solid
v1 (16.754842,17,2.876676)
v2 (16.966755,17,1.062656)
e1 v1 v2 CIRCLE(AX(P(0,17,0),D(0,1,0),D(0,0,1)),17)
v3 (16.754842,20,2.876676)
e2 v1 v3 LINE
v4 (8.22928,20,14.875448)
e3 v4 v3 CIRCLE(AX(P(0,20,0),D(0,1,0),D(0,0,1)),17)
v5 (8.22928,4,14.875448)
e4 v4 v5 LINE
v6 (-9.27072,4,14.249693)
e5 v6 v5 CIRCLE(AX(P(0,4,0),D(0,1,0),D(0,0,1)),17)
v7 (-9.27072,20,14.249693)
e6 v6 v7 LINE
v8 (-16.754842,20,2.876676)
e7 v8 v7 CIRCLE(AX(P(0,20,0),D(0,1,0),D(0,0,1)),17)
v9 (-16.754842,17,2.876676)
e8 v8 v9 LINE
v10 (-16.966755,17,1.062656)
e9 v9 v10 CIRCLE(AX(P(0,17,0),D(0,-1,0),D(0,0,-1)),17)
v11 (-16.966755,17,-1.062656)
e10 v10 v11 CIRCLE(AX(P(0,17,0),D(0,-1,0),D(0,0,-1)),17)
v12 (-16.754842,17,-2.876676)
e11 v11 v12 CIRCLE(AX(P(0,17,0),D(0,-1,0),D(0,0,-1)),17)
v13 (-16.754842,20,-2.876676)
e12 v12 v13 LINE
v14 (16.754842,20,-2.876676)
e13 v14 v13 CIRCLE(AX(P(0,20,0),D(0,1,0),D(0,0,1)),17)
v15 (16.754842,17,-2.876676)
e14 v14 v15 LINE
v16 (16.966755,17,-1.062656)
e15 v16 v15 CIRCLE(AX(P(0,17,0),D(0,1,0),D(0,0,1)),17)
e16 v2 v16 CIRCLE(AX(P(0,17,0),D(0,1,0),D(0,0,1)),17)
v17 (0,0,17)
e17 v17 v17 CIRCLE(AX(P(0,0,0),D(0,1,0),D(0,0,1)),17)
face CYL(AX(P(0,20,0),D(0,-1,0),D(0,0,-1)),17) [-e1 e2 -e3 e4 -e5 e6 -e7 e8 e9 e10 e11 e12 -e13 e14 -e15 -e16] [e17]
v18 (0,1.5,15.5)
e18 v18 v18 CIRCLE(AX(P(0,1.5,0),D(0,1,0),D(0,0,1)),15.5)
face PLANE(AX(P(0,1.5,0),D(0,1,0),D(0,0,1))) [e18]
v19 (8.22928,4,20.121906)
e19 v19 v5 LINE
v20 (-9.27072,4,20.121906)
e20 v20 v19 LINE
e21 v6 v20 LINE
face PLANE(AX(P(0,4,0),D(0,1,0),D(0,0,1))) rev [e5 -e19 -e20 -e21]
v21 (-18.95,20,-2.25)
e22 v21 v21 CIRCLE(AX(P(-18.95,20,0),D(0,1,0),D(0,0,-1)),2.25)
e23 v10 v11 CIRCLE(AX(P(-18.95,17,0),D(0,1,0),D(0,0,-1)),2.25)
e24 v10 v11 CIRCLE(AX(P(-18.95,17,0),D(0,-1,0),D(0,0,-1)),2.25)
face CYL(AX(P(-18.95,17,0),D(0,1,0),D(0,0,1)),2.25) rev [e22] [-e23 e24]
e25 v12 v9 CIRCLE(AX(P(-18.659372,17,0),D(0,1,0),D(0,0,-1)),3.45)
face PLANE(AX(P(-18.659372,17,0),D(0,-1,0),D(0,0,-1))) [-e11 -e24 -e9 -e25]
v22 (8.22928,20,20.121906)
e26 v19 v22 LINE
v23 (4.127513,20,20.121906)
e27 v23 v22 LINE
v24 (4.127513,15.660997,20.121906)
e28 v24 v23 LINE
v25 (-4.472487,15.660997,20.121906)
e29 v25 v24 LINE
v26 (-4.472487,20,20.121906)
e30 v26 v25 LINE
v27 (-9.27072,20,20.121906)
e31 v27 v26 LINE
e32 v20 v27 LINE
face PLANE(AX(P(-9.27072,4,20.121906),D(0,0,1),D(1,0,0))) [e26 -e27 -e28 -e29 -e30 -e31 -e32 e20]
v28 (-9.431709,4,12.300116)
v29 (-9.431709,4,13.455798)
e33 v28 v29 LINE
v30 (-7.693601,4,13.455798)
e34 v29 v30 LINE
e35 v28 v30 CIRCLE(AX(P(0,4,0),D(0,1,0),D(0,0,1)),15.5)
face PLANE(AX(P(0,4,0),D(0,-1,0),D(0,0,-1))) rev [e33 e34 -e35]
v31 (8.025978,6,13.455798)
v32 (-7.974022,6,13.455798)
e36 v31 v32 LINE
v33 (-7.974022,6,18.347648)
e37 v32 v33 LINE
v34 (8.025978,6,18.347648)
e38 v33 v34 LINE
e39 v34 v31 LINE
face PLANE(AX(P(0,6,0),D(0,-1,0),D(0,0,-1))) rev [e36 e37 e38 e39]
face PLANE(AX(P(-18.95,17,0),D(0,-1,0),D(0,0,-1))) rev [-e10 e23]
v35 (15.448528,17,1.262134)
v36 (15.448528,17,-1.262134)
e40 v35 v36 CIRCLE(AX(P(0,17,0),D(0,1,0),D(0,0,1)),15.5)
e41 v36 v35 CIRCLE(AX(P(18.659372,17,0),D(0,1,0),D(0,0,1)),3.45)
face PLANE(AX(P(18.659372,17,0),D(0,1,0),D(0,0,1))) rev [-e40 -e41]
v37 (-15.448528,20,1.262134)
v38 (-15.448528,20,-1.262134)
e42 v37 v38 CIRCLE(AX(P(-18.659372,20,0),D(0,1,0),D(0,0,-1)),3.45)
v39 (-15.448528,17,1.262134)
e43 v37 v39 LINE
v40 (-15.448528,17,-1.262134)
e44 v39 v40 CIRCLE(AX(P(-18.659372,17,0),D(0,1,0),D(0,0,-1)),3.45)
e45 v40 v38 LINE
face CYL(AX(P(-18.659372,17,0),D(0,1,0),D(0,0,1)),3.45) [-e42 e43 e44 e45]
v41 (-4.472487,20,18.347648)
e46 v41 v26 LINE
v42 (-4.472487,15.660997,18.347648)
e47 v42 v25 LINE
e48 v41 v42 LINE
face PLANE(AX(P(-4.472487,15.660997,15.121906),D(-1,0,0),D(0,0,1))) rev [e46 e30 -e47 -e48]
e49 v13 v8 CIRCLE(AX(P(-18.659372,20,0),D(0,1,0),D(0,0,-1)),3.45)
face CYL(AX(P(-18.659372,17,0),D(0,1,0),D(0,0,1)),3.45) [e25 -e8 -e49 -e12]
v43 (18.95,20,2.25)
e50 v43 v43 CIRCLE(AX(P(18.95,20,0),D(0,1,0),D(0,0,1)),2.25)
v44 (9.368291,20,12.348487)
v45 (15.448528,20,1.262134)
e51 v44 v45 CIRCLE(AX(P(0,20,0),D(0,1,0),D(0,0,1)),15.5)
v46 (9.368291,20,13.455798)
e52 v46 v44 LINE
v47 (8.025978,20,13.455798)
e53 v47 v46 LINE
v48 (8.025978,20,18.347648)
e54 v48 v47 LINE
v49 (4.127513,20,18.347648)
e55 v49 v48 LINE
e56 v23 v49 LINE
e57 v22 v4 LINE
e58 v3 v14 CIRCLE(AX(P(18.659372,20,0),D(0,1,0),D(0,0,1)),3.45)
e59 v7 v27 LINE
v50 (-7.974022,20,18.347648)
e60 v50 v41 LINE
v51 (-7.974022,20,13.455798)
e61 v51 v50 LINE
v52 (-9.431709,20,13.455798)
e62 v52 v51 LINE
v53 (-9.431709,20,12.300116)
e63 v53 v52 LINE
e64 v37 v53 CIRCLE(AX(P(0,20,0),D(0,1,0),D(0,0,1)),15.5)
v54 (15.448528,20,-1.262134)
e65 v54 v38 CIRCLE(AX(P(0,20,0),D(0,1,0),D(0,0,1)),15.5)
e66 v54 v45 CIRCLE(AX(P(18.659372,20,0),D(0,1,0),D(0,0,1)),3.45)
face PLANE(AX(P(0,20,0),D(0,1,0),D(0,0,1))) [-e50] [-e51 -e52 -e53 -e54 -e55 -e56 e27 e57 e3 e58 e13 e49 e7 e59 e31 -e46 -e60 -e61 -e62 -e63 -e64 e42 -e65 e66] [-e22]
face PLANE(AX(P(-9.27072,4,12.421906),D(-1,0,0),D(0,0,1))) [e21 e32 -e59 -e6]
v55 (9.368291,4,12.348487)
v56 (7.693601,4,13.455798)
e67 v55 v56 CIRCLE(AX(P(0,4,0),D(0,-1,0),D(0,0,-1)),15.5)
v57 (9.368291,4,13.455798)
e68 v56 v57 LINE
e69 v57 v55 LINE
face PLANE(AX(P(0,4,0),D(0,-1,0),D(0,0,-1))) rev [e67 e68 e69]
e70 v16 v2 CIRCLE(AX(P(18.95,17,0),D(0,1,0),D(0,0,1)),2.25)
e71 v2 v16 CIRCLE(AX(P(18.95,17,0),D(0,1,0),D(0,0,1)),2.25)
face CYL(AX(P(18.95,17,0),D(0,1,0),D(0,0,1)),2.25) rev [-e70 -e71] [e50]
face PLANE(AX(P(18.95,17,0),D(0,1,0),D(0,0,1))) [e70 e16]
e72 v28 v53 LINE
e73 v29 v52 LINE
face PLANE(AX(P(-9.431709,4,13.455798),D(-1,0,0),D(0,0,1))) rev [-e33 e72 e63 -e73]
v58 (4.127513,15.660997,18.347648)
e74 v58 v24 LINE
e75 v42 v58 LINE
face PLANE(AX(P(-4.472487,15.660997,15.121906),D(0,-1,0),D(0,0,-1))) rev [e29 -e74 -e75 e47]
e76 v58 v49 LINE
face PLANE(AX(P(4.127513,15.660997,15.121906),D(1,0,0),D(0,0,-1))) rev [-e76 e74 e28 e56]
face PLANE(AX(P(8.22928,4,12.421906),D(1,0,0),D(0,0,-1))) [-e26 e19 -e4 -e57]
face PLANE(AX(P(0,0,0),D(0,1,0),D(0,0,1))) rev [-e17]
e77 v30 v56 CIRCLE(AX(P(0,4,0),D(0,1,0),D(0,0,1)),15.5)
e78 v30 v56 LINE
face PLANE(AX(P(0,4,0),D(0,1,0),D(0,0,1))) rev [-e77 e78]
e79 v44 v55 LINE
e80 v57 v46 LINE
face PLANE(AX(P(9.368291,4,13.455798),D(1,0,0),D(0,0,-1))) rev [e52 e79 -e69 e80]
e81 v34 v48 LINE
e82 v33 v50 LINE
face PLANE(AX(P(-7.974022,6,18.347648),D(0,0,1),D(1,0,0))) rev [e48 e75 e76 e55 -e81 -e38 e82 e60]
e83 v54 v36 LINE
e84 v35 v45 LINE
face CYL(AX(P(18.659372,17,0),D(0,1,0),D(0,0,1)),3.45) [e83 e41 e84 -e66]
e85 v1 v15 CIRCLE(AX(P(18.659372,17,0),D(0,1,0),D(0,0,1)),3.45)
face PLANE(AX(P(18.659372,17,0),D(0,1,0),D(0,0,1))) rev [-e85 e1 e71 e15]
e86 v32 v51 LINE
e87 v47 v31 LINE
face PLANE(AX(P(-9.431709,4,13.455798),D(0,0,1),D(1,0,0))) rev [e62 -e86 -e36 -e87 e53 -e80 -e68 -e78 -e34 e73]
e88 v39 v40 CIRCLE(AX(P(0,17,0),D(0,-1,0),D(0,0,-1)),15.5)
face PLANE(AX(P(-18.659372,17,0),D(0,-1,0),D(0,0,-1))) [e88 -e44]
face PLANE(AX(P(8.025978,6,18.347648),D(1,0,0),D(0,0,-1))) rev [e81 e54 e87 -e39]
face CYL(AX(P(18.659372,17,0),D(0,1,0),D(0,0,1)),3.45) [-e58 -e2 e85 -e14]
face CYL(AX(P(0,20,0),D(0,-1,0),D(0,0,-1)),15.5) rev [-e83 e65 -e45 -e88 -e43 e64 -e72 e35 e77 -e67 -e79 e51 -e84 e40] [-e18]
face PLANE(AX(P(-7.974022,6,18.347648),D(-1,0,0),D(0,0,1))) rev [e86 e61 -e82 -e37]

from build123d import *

# Parameters (mm, degrees)
SKETCH1_R           = 17
BOSS_EXTRUDE1_DEPTH = 20
SHELL1_T            = -1.5
SKETCH2_R           = 3.45
BOSS_EXTRUDE3_DEPTH = 3
SKETCH4_R           = 2.25
CUT_EXTRUDE1_DEPTH  = 3
SKETCH5_W           = 17.5
SKETCH5_H           = 7.7
BOSS_EXTRUDE4_DEPTH = 16
SKETCH6_W           = 16
SKETCH6_H           = 8.6
CUT_EXTRUDE2_DEPTH  = 14
SKETCH7_W           = 8.6
SKETCH7_H           = 5.8
CUT_EXTRUDE3_DEPTH  = 5
FILLET4_R           = 1
SKETCH8_W           = 18.8
SKETCH8_H           = 3
CUT_EXTRUDE4_DEPTH  = 16


with BuildPart() as part:
    # Sketch1 → Boss-Extrude1 (new body)
    with BuildSketch(Plane(origin=(0, 0, 0), x_dir=(1, 0, 0), z_dir=(0, 1, 0))):
        with Locations(Location((0, 0, 0), (0, 0, 270))):
            Circle(SKETCH1_R)
    extrude(amount=BOSS_EXTRUDE1_DEPTH)

    # Shell1
    shell1_openings = [part.faces().sort_by_distance(p)[0] for p in [
        (0, 20, 0),
    ]]
    offset(amount=SHELL1_T, openings=shell1_openings, kind=Kind.INTERSECTION)

    # Sketch2 → Boss-Extrude3 (add)
    with BuildSketch(Plane(origin=(0, 20, 0), x_dir=(1, 0, 0), z_dir=(0, 1, 0))):
        with Locations((18.659372003, 0)):
            Circle(SKETCH2_R)
        with Locations((-18.659372003, 0)):
            Circle(SKETCH2_R)
    extrude(amount=-BOSS_EXTRUDE3_DEPTH)

    # Sketch4 → Cut-Extrude1 (cut)
    with BuildSketch(Plane(origin=(0, 20, 0), x_dir=(1, 0, 0), z_dir=(0, 1, 0))):
        with Locations(Location((18.95, 0, 0), (0, 0, 270))):
            Circle(SKETCH4_R)
        with Locations(Location((-18.95, 0, 0), (0, 0, 331.816850826))):
            Circle(SKETCH4_R)
    extrude(amount=-CUT_EXTRUDE1_DEPTH, mode=Mode.SUBTRACT)

    # Sketch5 → Boss-Extrude4 (add)
    with BuildSketch(Plane(origin=(0, 20, 0), x_dir=(1, 0, 0), z_dir=(0, 1, 0))):
        with Locations((-0.520720203, -16.271905929)):
            Rectangle(SKETCH5_W, SKETCH5_H)
    extrude(amount=-BOSS_EXTRUDE4_DEPTH)

    # Sketch6 → Cut-Extrude2 (cut)
    with BuildSketch(Plane(origin=(0, 20, 0), x_dir=(1, 0, 0), z_dir=(0, 1, 0))):
        with Locations((0.025977535, -14.047647825)):
            Rectangle(SKETCH6_W, SKETCH6_H)
    extrude(amount=-CUT_EXTRUDE2_DEPTH, mode=Mode.SUBTRACT)

    # Sketch7 → Cut-Extrude3 (cut)
    with BuildSketch(Plane.XY.offset(20.121905929)):
        with Locations((-0.172487463, 18.560997168)):
            Rectangle(SKETCH7_W, SKETCH7_H)
    extrude(amount=-CUT_EXTRUDE3_DEPTH, mode=Mode.SUBTRACT)

    # Fillet4
    fillet4_edges = [part.edges().sort_by_distance(p)[0] for p in [
        (-0.520720203, 4, 12.421905929),
    ]]
    fillet(fillet4_edges, radius=FILLET4_R)

    # Sketch8 → Cut-Extrude4 (cut)
    with BuildSketch(Plane(origin=(0, 20, 0), x_dir=(1, 0, 0), z_dir=(0, 1, 0))):
        with Locations((-0.031709419, -11.955798022)):
            Rectangle(SKETCH8_W, SKETCH8_H)
    extrude(amount=-CUT_EXTRUDE4_DEPTH, mode=Mode.SUBTRACT)


solid = part.part
